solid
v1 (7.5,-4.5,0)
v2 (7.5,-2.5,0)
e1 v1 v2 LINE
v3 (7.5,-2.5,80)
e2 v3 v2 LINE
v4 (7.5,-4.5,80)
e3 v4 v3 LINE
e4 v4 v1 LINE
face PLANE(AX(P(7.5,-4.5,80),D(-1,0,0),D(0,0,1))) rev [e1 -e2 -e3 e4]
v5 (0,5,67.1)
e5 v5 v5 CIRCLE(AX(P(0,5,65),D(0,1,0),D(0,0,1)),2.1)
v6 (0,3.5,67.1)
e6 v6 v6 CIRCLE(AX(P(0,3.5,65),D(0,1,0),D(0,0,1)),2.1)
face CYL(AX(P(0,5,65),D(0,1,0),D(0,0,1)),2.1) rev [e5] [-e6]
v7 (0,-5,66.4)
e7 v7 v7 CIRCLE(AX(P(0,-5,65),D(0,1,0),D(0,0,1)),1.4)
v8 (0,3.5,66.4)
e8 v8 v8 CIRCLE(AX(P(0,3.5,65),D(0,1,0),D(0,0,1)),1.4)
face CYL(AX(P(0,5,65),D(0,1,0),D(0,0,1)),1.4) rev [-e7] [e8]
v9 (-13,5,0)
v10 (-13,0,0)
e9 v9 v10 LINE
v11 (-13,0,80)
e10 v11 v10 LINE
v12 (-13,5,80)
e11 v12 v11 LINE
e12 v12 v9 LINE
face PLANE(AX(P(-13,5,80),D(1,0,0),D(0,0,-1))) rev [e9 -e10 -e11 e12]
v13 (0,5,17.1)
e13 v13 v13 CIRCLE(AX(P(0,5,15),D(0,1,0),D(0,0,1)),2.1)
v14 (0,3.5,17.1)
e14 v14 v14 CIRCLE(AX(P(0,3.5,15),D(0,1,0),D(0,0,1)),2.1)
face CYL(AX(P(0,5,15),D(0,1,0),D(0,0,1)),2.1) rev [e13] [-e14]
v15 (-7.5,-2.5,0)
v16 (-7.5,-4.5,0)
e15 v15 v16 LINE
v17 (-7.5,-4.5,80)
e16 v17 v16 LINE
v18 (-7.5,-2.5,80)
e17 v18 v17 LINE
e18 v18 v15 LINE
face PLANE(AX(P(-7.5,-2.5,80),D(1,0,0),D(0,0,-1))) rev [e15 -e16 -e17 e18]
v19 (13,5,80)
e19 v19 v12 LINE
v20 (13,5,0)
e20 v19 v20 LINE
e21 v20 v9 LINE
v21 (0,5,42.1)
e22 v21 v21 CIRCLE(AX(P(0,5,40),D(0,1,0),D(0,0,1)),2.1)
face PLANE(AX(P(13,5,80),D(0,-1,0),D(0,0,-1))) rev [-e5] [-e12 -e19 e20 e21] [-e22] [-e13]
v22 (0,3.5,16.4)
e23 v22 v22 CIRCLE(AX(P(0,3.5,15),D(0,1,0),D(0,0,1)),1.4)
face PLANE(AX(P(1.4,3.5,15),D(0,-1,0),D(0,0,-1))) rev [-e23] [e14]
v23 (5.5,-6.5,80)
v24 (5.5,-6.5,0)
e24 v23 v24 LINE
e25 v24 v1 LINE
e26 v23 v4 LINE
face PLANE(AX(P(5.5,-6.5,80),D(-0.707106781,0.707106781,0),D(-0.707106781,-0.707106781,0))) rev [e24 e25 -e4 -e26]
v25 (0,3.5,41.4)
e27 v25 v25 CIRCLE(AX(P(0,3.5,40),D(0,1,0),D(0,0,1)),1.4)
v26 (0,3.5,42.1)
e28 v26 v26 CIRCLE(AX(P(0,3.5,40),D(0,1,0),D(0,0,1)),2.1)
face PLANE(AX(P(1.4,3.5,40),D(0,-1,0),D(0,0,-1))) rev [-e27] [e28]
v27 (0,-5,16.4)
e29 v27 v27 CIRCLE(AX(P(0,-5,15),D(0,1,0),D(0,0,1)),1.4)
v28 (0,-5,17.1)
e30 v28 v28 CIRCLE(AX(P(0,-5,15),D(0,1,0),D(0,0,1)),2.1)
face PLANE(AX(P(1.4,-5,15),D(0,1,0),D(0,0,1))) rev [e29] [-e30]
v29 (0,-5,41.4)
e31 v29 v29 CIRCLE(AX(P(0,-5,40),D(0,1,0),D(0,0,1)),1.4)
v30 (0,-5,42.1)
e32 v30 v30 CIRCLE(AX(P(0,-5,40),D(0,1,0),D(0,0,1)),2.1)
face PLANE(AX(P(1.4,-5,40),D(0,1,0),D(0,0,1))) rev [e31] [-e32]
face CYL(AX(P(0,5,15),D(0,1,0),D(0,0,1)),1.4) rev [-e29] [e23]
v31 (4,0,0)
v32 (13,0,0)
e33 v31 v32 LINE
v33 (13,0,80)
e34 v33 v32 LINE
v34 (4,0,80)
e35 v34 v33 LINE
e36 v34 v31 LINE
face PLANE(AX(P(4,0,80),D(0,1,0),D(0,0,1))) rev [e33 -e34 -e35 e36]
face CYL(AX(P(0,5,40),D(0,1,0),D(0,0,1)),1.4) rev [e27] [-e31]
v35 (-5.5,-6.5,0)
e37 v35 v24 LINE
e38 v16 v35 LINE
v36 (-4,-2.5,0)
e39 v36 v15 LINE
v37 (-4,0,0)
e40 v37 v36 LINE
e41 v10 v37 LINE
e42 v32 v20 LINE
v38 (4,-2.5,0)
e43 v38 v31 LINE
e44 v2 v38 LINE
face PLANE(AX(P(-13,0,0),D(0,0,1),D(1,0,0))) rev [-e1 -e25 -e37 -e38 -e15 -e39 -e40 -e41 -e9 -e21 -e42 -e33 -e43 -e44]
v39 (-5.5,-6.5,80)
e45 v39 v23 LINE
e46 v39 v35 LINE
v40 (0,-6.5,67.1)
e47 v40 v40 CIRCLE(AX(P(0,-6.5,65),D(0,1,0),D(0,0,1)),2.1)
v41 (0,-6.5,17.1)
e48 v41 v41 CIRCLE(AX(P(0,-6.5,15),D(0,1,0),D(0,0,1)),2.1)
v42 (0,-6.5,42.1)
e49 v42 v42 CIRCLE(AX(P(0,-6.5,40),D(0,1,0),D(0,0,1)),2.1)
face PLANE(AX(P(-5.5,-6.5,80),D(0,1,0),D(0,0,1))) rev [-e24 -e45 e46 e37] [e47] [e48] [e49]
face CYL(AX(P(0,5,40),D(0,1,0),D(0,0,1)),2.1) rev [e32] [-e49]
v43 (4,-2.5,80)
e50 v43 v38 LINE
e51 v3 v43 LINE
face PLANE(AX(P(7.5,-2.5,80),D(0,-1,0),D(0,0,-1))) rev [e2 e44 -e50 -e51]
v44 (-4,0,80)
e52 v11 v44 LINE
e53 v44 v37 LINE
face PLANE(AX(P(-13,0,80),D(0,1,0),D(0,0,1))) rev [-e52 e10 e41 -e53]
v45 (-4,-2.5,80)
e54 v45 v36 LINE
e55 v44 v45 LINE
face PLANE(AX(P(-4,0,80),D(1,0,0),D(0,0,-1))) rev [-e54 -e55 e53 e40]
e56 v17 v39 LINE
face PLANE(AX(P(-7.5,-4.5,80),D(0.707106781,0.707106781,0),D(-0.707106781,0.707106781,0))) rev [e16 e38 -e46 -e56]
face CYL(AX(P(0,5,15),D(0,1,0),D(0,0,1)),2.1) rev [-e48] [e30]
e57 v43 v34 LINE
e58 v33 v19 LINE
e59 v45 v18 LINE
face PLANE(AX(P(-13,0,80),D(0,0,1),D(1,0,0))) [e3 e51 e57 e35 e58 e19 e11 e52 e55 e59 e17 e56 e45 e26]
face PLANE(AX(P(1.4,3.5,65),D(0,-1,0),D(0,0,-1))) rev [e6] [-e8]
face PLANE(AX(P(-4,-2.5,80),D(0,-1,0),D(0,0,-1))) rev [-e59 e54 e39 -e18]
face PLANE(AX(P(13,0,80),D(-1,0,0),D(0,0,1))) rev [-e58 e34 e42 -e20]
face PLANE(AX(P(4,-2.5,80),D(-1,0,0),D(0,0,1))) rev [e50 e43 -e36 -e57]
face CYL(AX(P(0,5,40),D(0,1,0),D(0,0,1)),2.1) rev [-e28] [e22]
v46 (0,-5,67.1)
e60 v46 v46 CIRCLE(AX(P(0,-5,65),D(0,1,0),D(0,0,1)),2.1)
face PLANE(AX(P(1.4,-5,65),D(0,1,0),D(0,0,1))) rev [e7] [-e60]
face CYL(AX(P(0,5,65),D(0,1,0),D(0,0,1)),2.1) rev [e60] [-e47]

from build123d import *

# Parameters (mm, degrees)
EXTRUDE1_DEPTH                              = 80
CBORE_FOR_M5_HEX_HEAD_CAP_SCREW1_AT_2_COUNT = 2
CBORE_FOR_M5_HEX_HEAD_CAP_SCREW1_AT_2_PITCH = 25
CBORE_FOR_M5_HEX_HEAD_CAP_SCREW1_AT_3_COUNT = 2
CBORE_FOR_M5_HEX_HEAD_CAP_SCREW1_AT_3_PITCH = 50


with BuildPart() as part:
    # Sketch1 → Extrude1 (new body)
    with BuildSketch(Plane.XY):
        Polygon((-13, 0), (-4, 0), (-4, -2.5), (-7.5, -2.5), (-7.5, -4.5), (-5.5, -6.5), (5.5, -6.5), (7.5, -4.5), (7.5, -2.5), (4, -2.5), (4, 0), (13, 0), (13, 5), (-13, 5), align=None)
    extrude(amount=EXTRUDE1_DEPTH)

    # Sketch3 → CBORE for M5 Hex Head Cap Screw1 (revolve, cut)
    with BuildSketch(Plane(origin=(0, 5, 65), x_dir=(0, 0, 1), z_dir=(1, 0, 0))):
        Polygon((0, 0), (0, 11.5), (1.4, 11.5), (2.1, 11.5), (2.1, 10), (1.4, 10), (1.4, 1.5), (2.1, 1.5), (2.1, 0), align=None)
    cbore_for_m5_hex_head_cap_screw1 = revolve(axis=Axis((0, 11.35, 65), (0, -1, 0)), mode=Mode.SUBTRACT)

    # CBORE for M5 Hex Head Cap Screw1 at 2: CBORE for M5 Hex Head Cap Screw1 ×2
    with Locations(*[(0, 0, -i * CBORE_FOR_M5_HEX_HEAD_CAP_SCREW1_AT_2_PITCH) for i in range(1, CBORE_FOR_M5_HEX_HEAD_CAP_SCREW1_AT_2_COUNT)]):
        add(cbore_for_m5_hex_head_cap_screw1, mode=Mode.SUBTRACT)

    # CBORE for M5 Hex Head Cap Screw1 at 3: CBORE for M5 Hex Head Cap Screw1 ×2
    with Locations(*[(0, 0, -i * CBORE_FOR_M5_HEX_HEAD_CAP_SCREW1_AT_3_PITCH) for i in range(1, CBORE_FOR_M5_HEX_HEAD_CAP_SCREW1_AT_3_COUNT)]):
        add(cbore_for_m5_hex_head_cap_screw1, mode=Mode.SUBTRACT)


solid = part.part
